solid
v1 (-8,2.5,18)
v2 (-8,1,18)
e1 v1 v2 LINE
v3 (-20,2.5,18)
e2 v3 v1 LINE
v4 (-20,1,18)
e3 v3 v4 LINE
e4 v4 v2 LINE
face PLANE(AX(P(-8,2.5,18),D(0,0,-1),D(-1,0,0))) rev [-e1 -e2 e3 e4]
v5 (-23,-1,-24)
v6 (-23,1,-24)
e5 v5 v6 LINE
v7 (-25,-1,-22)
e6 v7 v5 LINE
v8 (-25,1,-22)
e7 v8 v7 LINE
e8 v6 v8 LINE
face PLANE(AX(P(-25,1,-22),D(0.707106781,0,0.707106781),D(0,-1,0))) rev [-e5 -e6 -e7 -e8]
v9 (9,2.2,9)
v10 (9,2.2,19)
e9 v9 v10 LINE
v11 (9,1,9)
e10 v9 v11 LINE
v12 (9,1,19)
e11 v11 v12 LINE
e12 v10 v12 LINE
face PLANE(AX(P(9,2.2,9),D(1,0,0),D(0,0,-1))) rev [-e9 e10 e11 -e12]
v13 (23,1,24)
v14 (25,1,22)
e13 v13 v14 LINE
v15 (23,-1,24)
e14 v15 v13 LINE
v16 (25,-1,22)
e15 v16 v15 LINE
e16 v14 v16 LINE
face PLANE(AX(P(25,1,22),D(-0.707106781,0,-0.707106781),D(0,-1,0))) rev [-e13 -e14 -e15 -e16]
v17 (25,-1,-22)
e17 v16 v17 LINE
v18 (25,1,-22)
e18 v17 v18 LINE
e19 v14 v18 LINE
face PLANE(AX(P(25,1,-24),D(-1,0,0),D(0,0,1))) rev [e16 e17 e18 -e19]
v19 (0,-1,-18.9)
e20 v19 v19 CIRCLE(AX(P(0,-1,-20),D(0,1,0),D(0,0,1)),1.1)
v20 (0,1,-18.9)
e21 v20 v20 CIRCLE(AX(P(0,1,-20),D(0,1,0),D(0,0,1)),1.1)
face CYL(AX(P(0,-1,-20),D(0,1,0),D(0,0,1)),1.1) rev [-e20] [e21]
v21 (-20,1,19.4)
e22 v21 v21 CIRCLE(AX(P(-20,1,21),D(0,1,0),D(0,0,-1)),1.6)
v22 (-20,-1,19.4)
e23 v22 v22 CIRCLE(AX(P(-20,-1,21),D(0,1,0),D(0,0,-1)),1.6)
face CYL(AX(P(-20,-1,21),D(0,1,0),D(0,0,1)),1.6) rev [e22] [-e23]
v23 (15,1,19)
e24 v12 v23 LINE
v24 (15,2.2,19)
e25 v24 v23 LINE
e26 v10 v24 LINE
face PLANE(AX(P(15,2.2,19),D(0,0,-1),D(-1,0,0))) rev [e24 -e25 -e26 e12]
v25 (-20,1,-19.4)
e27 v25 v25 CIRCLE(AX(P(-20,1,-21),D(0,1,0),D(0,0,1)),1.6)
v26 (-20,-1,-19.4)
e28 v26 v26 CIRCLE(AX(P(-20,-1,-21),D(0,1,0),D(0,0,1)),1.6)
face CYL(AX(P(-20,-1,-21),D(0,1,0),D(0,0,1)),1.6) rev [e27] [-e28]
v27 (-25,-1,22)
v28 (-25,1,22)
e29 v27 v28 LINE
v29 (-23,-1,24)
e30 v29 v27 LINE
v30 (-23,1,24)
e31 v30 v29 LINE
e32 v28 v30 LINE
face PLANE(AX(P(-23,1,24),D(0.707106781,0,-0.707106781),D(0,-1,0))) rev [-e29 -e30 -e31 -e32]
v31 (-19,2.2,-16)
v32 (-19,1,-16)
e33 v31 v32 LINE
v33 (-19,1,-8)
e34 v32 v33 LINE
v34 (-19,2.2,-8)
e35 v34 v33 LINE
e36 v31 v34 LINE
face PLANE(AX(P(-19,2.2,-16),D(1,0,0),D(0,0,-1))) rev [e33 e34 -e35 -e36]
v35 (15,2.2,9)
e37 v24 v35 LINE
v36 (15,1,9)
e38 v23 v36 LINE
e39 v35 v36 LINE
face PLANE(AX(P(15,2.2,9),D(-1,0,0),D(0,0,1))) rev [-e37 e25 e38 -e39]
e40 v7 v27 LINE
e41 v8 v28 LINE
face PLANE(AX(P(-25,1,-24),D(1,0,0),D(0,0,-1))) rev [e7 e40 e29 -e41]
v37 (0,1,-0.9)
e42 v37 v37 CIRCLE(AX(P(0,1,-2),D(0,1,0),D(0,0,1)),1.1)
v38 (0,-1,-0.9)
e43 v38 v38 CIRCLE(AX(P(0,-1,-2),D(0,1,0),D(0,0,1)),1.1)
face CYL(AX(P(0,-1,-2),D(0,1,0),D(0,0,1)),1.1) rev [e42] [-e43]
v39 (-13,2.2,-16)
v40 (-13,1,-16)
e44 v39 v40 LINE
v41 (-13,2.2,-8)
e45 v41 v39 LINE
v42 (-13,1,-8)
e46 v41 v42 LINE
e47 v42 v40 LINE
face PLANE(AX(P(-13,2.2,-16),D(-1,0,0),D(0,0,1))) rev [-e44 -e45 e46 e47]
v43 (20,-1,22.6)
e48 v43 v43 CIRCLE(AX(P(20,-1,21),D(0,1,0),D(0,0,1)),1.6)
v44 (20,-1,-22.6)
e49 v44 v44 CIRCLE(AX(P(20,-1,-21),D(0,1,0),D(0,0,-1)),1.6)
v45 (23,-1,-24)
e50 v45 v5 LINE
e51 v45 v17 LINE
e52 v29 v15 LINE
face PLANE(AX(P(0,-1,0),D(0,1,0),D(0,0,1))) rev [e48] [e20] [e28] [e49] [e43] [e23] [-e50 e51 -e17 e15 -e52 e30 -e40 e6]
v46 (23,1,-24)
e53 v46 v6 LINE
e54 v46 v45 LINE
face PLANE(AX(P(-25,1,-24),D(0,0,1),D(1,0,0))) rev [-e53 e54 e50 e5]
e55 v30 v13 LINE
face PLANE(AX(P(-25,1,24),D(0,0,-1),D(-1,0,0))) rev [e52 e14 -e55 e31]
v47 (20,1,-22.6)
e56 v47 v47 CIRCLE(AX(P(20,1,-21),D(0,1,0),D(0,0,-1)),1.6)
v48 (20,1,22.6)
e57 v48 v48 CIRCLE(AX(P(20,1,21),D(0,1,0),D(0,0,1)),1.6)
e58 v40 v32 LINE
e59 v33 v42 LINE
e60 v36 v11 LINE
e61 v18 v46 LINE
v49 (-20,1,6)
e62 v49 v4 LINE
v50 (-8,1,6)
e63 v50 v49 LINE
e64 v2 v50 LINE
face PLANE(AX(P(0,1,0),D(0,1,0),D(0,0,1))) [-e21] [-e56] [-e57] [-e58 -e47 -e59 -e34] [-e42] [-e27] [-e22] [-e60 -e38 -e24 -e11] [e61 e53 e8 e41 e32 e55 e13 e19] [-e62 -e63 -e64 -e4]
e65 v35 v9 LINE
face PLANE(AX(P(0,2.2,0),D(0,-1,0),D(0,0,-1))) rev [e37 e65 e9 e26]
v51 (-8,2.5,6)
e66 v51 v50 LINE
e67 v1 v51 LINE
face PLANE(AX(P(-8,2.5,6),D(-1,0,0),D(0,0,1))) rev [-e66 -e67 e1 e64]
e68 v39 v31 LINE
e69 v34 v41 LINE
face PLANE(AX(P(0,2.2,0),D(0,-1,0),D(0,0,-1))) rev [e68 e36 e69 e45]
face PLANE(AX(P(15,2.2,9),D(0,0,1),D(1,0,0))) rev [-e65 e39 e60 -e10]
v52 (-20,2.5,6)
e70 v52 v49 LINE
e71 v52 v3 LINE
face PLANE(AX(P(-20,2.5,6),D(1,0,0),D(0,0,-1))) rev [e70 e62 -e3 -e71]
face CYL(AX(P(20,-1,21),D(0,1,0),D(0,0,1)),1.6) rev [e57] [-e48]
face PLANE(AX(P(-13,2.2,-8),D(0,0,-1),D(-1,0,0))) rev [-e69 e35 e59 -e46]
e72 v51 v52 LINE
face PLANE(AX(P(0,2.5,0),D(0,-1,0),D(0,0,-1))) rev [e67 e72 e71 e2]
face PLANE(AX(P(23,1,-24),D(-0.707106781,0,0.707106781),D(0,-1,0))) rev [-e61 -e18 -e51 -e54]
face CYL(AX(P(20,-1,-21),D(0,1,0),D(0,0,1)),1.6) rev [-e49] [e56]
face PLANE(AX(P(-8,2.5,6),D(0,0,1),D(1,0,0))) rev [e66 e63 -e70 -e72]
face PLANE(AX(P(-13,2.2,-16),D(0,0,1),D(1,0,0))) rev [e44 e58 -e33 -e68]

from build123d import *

# Parameters (mm, degrees)
SKETCH2_W           = 50
SKETCH2_H           = 48
BOSS_EXTRUDE1_DEPTH = 1
CHAMFER1_SIZE       = 2
SKETCH3_R           = 1.6
SKETCH3_R_2         = 1.1
CUT_EXTRUDE1_DEPTH  = 35.713109915
SKETCH5_W           = 12
SKETCH5_H           = 12
BOSS_EXTRUDE2_DEPTH = 1.5
SKETCH6_W           = 6
SKETCH6_H           = 8
SKETCH6_H_2         = 10
BOSS_EXTRUDE3_DEPTH = 1.2


with BuildPart() as part:
    # Sketch2 → Boss-Extrude1 (new, symmetric)
    with BuildSketch(Plane(origin=(0, 0, 0), x_dir=(1, 0, 0), z_dir=(0, 1, 0))):
        Rectangle(SKETCH2_W, SKETCH2_H)
    extrude(amount=BOSS_EXTRUDE1_DEPTH, both=True)

    # Chamfer1
    chamfer1_edges = [part.edges().sort_by_distance(p)[0] for p in [
        (-25, 0, -24),
        (25, 0, -24),
        (25, 0, 24),
        (-25, 0, 24),
    ]]
    chamfer(chamfer1_edges, length=CHAMFER1_SIZE)

    # Sketch3 → Cut-Extrude1 (cut, through all)
    with BuildSketch(Plane(origin=(0, 1, 0), x_dir=(1, 0, 0), z_dir=(0, 1, 0))):
        with Locations(Location((-20, 21, 0), (0, 0, 270))):
            Circle(SKETCH3_R)
        with Locations(Location((20, 21, 0), (0, 0, 90))):
            Circle(SKETCH3_R)
        with Locations(Location((20, -21, 0), (0, 0, 270))):
            Circle(SKETCH3_R)
        with Locations(Location((-20, -21, 0), (0, 0, 90))):
            Circle(SKETCH3_R)
        with Locations(Location((0, 20, 0), (0, 0, 270))):
            Circle(SKETCH3_R_2)
        with Locations(Location((0, 2, 0), (0, 0, 270))):
            Circle(SKETCH3_R_2)
    extrude(amount=-CUT_EXTRUDE1_DEPTH, mode=Mode.SUBTRACT)

    # Sketch5 → Boss-Extrude2 (add)
    with BuildSketch(Plane(origin=(0, 1, 0), x_dir=(1, 0, 0), z_dir=(0, 1, 0))):
        with Locations((-14, -12)):
            Rectangle(SKETCH5_W, SKETCH5_H)
    extrude(amount=BOSS_EXTRUDE2_DEPTH)

    # Sketch6 → Boss-Extrude3 (add)
    with BuildSketch(Plane(origin=(0, 1, 0), x_dir=(1, 0, 0), z_dir=(0, 1, 0))):
        with Locations((-16, 12)):
            Rectangle(SKETCH6_W, SKETCH6_H)
        with Locations((12, -14)):
            Rectangle(SKETCH6_W, SKETCH6_H_2)
    extrude(amount=BOSS_EXTRUDE3_DEPTH)


solid = part.part
